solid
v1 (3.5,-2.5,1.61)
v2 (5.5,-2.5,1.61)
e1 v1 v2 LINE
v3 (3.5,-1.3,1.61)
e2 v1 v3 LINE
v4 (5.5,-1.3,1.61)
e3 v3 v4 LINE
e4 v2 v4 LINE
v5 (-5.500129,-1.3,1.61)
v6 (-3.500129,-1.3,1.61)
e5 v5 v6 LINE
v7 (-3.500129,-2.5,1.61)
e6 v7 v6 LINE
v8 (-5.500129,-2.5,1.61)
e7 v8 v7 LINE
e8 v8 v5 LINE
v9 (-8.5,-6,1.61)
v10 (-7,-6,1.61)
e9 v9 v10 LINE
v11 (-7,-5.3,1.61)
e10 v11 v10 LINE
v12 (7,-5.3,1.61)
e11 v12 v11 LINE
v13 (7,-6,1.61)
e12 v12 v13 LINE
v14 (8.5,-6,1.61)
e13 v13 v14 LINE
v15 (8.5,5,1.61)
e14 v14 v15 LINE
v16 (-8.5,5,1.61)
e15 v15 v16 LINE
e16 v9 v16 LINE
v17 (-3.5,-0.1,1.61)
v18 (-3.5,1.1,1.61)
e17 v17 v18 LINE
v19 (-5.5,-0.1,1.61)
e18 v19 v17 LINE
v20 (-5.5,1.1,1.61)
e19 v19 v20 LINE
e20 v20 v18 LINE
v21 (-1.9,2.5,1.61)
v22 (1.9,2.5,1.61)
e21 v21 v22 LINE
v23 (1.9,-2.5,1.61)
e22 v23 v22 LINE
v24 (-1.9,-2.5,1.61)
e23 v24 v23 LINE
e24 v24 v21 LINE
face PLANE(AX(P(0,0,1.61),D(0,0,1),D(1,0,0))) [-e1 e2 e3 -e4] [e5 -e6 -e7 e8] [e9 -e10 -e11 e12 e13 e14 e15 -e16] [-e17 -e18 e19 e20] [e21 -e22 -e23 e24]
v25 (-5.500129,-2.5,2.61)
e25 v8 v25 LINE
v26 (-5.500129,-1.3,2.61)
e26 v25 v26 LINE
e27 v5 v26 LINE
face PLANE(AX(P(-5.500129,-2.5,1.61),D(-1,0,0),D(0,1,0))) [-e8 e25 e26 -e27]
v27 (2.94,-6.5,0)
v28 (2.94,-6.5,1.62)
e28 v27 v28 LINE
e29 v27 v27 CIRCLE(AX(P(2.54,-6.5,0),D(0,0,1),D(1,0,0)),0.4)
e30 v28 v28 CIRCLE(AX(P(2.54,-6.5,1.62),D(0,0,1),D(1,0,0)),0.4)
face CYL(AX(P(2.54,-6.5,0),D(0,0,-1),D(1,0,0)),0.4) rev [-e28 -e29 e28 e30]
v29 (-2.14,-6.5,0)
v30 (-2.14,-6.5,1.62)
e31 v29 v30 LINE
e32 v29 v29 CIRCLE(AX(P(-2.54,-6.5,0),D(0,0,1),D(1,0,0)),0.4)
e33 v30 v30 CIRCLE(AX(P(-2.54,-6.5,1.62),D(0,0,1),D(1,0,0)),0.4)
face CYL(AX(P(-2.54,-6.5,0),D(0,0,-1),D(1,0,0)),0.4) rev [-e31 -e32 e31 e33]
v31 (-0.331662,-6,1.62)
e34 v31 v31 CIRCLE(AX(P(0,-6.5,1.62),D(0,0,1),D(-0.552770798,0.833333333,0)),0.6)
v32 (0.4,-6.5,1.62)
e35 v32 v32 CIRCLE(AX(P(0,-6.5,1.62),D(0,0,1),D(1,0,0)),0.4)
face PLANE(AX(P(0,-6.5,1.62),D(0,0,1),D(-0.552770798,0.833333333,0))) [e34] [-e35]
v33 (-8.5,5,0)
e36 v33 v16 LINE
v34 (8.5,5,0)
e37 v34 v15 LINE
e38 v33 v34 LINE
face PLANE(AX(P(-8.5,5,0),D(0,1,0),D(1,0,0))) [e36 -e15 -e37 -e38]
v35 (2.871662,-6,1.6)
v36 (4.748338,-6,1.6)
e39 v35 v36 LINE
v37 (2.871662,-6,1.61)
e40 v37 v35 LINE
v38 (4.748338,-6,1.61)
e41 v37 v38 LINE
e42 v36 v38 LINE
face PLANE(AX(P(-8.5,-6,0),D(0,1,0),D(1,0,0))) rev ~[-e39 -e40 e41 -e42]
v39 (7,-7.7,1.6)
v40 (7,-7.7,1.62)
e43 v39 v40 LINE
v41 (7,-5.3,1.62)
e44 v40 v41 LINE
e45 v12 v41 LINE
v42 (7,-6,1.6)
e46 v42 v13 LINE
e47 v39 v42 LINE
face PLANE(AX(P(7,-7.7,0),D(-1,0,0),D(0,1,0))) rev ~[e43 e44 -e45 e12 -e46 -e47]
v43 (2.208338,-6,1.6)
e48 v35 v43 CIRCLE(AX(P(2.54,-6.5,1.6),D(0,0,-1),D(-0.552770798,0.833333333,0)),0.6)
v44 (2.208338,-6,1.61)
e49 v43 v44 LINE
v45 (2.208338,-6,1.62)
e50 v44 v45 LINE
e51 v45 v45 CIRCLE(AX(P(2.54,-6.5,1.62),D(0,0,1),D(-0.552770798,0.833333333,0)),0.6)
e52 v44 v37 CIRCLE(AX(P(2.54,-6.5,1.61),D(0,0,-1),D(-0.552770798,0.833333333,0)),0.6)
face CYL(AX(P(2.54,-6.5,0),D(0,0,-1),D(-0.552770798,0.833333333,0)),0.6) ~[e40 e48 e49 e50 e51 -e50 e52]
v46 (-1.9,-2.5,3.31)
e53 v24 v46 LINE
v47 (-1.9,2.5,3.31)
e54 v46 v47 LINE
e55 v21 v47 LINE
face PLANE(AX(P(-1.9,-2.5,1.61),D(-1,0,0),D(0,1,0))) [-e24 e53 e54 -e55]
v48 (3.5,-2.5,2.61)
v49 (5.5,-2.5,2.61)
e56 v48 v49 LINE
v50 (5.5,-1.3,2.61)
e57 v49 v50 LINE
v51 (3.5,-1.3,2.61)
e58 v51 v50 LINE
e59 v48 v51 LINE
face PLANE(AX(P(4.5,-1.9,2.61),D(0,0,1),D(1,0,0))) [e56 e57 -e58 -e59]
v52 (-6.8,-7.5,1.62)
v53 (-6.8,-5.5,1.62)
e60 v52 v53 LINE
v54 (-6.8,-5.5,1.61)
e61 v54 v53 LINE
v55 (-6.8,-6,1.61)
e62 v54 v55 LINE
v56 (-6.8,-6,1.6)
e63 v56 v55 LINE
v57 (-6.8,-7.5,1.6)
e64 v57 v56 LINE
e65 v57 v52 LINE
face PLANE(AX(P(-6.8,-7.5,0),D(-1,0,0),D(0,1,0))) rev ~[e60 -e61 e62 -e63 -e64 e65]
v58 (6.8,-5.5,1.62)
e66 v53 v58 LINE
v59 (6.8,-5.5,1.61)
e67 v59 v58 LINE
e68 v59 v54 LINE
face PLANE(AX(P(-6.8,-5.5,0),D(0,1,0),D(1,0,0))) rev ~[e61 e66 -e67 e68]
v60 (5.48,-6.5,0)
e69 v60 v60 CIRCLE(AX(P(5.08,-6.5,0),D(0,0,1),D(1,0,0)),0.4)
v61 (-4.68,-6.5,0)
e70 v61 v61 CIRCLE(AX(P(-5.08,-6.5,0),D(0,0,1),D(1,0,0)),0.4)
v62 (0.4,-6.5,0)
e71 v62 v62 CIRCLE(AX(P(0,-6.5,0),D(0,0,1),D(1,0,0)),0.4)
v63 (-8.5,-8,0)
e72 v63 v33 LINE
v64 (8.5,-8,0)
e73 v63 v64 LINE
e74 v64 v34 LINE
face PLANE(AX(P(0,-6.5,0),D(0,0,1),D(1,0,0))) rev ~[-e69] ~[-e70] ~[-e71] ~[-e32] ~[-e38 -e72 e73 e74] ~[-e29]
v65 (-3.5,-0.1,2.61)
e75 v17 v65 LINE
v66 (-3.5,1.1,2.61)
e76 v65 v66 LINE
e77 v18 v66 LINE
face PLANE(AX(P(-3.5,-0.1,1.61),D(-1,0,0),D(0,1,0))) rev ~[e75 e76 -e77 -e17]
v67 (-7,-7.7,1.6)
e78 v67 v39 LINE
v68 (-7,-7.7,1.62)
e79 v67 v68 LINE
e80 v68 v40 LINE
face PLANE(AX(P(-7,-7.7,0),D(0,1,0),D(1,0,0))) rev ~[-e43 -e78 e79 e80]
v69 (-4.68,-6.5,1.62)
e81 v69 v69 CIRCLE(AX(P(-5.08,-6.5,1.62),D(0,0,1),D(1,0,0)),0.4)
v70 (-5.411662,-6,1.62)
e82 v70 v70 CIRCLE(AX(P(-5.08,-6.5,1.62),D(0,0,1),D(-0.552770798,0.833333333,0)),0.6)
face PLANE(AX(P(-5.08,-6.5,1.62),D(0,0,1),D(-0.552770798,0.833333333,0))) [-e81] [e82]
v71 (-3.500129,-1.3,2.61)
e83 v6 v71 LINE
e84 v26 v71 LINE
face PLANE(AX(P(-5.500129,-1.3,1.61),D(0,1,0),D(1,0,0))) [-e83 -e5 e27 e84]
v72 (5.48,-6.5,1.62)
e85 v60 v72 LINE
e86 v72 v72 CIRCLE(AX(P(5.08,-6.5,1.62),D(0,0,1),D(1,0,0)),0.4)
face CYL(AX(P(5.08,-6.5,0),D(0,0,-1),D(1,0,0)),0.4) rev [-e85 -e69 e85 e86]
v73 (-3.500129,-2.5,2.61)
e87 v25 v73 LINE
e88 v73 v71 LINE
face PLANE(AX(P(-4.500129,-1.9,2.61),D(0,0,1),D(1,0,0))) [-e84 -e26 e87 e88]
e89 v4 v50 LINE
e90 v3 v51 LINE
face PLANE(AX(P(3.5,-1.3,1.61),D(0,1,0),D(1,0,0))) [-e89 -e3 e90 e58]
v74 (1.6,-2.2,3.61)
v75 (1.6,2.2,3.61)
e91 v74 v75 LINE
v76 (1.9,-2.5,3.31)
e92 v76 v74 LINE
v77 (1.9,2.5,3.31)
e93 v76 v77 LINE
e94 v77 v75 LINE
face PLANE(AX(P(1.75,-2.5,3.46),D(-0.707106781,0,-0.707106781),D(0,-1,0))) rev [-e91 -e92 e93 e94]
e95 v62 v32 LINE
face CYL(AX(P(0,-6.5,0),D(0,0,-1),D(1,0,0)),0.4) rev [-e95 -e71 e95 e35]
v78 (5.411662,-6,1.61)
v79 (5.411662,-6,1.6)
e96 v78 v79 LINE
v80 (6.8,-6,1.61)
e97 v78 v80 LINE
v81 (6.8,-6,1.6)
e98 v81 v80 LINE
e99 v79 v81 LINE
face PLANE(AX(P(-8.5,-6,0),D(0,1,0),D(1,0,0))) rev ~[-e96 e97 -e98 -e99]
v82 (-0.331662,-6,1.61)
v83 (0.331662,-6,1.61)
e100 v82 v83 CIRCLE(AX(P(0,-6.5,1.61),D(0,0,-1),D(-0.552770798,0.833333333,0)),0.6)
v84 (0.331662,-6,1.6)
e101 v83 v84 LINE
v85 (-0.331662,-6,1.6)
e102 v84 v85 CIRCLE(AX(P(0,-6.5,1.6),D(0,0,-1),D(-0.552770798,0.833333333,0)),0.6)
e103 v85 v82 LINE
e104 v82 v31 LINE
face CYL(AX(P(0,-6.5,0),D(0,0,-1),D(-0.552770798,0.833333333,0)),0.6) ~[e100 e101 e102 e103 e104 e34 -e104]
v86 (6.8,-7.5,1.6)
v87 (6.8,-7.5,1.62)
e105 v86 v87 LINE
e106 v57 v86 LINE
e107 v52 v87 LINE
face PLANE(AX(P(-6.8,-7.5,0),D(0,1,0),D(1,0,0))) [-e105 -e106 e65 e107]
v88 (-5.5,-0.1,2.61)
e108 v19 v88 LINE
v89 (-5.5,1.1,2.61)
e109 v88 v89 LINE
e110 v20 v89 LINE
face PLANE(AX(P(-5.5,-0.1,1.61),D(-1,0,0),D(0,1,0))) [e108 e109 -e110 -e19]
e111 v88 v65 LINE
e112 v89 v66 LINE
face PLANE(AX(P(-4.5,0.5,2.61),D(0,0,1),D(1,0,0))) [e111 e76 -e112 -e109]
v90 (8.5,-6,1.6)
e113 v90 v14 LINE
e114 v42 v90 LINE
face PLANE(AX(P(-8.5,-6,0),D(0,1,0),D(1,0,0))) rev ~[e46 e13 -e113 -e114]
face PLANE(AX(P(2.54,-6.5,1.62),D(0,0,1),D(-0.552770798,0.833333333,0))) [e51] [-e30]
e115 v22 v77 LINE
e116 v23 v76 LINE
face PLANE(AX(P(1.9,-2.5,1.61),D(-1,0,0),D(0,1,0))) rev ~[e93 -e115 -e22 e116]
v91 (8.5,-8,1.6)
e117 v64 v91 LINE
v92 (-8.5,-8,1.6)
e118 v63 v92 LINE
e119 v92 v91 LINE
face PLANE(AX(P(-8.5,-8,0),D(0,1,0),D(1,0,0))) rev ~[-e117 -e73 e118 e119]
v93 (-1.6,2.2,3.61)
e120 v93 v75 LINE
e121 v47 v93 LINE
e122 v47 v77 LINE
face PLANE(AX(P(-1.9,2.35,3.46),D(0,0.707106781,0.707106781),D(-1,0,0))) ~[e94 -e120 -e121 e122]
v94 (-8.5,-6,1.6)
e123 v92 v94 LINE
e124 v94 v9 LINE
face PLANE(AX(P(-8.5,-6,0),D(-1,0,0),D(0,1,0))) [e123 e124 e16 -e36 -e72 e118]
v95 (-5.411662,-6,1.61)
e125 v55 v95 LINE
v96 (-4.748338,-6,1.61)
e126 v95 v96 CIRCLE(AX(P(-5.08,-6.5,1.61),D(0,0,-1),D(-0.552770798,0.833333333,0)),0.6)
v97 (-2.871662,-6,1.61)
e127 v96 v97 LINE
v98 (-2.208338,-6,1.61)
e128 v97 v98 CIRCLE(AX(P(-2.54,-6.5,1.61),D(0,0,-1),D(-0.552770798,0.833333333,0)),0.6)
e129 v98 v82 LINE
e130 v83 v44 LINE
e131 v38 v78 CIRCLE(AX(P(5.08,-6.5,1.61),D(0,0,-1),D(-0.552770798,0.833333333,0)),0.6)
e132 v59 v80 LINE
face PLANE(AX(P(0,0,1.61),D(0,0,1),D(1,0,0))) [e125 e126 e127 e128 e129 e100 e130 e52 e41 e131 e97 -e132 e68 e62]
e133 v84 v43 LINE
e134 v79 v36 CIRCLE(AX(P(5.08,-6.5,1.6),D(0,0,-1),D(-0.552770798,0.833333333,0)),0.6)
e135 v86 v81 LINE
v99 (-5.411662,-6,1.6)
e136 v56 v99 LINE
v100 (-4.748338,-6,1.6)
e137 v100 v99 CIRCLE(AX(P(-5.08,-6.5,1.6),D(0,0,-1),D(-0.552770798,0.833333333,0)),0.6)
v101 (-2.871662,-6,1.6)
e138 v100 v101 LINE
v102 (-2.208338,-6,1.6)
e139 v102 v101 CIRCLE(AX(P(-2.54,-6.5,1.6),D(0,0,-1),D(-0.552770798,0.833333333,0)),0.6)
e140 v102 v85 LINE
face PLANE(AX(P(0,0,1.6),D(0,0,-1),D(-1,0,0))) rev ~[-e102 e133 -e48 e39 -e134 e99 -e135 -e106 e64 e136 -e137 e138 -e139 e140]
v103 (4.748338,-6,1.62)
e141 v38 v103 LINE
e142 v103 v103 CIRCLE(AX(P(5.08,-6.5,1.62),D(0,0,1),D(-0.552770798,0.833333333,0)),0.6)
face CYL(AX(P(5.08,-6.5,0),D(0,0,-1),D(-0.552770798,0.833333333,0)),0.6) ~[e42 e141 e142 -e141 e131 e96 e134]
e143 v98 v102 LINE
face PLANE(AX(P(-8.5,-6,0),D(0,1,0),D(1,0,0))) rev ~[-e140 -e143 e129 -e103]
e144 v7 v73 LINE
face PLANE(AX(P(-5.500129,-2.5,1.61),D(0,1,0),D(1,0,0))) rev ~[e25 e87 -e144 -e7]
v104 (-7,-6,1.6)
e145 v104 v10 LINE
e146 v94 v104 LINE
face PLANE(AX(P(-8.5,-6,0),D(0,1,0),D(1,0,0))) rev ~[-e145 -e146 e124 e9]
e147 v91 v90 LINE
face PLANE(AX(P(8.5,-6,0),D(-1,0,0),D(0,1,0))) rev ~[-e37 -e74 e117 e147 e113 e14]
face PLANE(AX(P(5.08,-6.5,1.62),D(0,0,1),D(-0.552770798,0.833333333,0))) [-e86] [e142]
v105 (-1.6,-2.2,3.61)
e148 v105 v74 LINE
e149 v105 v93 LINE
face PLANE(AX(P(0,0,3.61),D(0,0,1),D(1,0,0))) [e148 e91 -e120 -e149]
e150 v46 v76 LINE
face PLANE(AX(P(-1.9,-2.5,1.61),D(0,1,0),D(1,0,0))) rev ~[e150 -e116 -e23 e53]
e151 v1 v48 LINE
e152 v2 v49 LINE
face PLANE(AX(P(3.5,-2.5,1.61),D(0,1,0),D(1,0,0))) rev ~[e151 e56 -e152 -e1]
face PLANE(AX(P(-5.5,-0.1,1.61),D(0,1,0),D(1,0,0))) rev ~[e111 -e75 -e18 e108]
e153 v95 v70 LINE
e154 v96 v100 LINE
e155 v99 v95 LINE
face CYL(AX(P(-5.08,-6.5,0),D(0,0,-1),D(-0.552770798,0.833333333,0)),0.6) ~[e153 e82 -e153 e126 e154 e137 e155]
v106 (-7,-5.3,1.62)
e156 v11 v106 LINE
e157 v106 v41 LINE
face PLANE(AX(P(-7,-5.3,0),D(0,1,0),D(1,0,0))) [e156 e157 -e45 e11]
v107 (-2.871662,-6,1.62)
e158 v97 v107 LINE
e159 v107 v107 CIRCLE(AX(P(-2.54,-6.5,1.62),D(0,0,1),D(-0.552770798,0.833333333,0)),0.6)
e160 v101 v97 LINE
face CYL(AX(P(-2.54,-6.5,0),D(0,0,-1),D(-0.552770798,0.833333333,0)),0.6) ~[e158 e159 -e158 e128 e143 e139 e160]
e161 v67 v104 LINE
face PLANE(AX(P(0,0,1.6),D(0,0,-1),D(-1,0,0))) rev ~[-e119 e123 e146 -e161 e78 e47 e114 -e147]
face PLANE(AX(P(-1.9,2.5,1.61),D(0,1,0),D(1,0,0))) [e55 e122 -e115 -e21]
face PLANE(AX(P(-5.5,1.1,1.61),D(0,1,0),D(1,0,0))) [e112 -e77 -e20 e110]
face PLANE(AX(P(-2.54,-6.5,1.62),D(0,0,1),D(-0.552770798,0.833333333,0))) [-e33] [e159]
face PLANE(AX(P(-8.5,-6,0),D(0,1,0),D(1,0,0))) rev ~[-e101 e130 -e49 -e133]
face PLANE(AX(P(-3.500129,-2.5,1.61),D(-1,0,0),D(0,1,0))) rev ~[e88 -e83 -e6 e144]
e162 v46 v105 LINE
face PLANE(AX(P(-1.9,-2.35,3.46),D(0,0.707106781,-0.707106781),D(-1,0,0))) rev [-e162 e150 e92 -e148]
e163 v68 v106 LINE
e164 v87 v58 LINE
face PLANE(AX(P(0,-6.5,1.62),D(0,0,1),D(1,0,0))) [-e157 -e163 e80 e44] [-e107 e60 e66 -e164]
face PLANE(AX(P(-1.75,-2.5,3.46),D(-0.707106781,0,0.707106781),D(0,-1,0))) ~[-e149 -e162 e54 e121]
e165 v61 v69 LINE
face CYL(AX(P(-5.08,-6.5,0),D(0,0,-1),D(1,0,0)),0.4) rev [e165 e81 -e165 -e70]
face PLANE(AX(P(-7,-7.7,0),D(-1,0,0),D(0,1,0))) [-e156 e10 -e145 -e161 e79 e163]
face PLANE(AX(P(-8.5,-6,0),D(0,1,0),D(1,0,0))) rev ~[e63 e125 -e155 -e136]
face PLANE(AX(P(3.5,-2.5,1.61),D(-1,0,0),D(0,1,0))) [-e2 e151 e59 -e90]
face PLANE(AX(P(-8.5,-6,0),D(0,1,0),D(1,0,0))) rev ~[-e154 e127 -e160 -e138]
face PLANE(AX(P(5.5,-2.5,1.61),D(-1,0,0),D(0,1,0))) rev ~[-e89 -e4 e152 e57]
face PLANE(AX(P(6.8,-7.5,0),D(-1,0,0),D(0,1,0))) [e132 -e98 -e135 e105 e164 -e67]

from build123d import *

# Parameters (mm, degrees)
BOSS_EXTRUDE1_DEPTH = 1.6
SKETCH2_W           = 17
SKETCH2_H           = 12
BOSS_EXTRUDE2_DEPTH = 1.61
SKETCH3_W           = 14
SKETCH3_H           = 2.4
SKETCH3_W_2         = 13.6
SKETCH3_H_2         = 2
SKETCH3_R           = 0.6
SKETCH3_R_2         = 0.4
BOSS_EXTRUDE3_DEPTH = 1.62
SKETCH3_3_R         = 0.4
CUT_EXTRUDE1_DEPTH  = 2.62
BOSS_EXTRUDE4_START = 1.61
SKETCH4_W           = 3.8
SKETCH4_H           = 5
BOSS_EXTRUDE4_DEPTH = 2
BOSS_EXTRUDE5_START = 1.61
SKETCH5_W           = 2
SKETCH5_H           = 1.2
BOSS_EXTRUDE5_DEPTH = 1
CHAMFER1_SIZE       = 0.3
SKETCH8_W           = 27
SKETCH8_H           = 26
SKETCH8_W_2         = 17
SKETCH8_H_2         = 16
CUT_EXTRUDE9_DEPTH  = 3
SKETCH9_W           = 17
SKETCH9_H           = 3
CUT_EXTRUDE11_DEPTH = 2


with BuildPart() as part:
    # Sketch1 → Boss-Extrude1 (new body)
    with BuildSketch(Plane.XY):
        Polygon((-11.5, 9.5), (-9.5, 11.5), (9.5, 11.5), (11.5, 9.5), (11.5, -9.5), (9.5, -11.5), (-9.5, -11.5), (-11.5, -9.5), align=None)
    extrude(amount=BOSS_EXTRUDE1_DEPTH)

    # Sketch2 → Boss-Extrude2 (add)
    with BuildSketch(Plane.XY):
        Rectangle(SKETCH2_W, SKETCH2_H)
    extrude(amount=BOSS_EXTRUDE2_DEPTH)

    # Sketch3 → Boss-Extrude3 (add)
    with BuildSketch(Plane.XY):
        with Locations((0, -6.5)):
            Rectangle(SKETCH3_W, SKETCH3_H)
        with Locations((0, -6.5)):
            Rectangle(SKETCH3_W_2, SKETCH3_H_2, mode=Mode.SUBTRACT)
        with Locations(Location((-5.08, -6.5, 0), (0, 0, 123.557309762))):
            Circle(SKETCH3_R)
        with Locations((-5.08, -6.5)):
            Circle(SKETCH3_R_2, mode=Mode.SUBTRACT)
        with Locations(Location((-2.54, -6.5, 0), (0, 0, 123.557309762))):
            Circle(SKETCH3_R)
        with Locations((-2.54, -6.5)):
            Circle(SKETCH3_R_2, mode=Mode.SUBTRACT)
        with Locations(Location((0, -6.5, 0), (0, 0, 123.557309762))):
            Circle(SKETCH3_R)
        with Locations((0, -6.5)):
            Circle(SKETCH3_R_2, mode=Mode.SUBTRACT)
        with Locations(Location((5.08, -6.5, 0), (0, 0, 123.557309762))):
            Circle(SKETCH3_R)
        with Locations((5.08, -6.5)):
            Circle(SKETCH3_R_2, mode=Mode.SUBTRACT)
        with Locations(Location((2.54, -6.5, 0), (0, 0, 123.557309762))):
            Circle(SKETCH3_R)
        with Locations((2.54, -6.5)):
            Circle(SKETCH3_R_2, mode=Mode.SUBTRACT)
    extrude(amount=BOSS_EXTRUDE3_DEPTH)

    # Sketch3<3> → Cut-Extrude1 (cut)
    with BuildSketch(Plane.XY):
        with Locations((-5.08, -6.5)):
            Circle(SKETCH3_3_R)
        with Locations((-2.54, -6.5)):
            Circle(SKETCH3_3_R)
        with Locations((0, -6.5)):
            Circle(SKETCH3_3_R)
        with Locations((2.54, -6.5)):
            Circle(SKETCH3_3_R)
        with Locations((5.08, -6.5)):
            Circle(SKETCH3_3_R)
    extrude(amount=CUT_EXTRUDE1_DEPTH, mode=Mode.SUBTRACT)

    # Sketch4 → Boss-Extrude4 (add)
    with BuildSketch(Plane.XY.offset(BOSS_EXTRUDE4_START)):
        Rectangle(SKETCH4_W, SKETCH4_H)
    extrude(amount=BOSS_EXTRUDE4_DEPTH)

    # Sketch5 → Boss-Extrude5 (add)
    with BuildSketch(Plane.XY.offset(BOSS_EXTRUDE5_START)):
        with Locations((-4.500129294, -1.9)):
            Rectangle(SKETCH5_W, SKETCH5_H)
        with Locations((-4.5, 0.5)):
            Rectangle(SKETCH5_W, SKETCH5_H)
        with Locations((4.5, -1.9)):
            Rectangle(SKETCH5_W, SKETCH5_H)
    extrude(amount=BOSS_EXTRUDE5_DEPTH)

    # Chamfer1
    chamfer1_edges = [part.edges().sort_by_distance(p)[0] for p in [
        (1.9, 0, 3.61),
        (0, 2.5, 3.61),
        (-1.9, 0, 3.61),
        (0, -2.5, 3.61),
    ]]
    chamfer(chamfer1_edges, length=CHAMFER1_SIZE)

    # Sketch8 → Cut-Extrude9 (cut)
    with BuildSketch(Plane.XY):
        Rectangle(SKETCH8_W, SKETCH8_H)
        Rectangle(SKETCH8_W_2, SKETCH8_H_2, mode=Mode.SUBTRACT)
    extrude(amount=CUT_EXTRUDE9_DEPTH, mode=Mode.SUBTRACT)

    # Sketch9 → Cut-Extrude11 (cut)
    with BuildSketch(Plane.XY):
        with Locations((0, 6.5)):
            Rectangle(SKETCH9_W, SKETCH9_H)
    extrude(amount=CUT_EXTRUDE11_DEPTH, mode=Mode.SUBTRACT)


solid = part.part
